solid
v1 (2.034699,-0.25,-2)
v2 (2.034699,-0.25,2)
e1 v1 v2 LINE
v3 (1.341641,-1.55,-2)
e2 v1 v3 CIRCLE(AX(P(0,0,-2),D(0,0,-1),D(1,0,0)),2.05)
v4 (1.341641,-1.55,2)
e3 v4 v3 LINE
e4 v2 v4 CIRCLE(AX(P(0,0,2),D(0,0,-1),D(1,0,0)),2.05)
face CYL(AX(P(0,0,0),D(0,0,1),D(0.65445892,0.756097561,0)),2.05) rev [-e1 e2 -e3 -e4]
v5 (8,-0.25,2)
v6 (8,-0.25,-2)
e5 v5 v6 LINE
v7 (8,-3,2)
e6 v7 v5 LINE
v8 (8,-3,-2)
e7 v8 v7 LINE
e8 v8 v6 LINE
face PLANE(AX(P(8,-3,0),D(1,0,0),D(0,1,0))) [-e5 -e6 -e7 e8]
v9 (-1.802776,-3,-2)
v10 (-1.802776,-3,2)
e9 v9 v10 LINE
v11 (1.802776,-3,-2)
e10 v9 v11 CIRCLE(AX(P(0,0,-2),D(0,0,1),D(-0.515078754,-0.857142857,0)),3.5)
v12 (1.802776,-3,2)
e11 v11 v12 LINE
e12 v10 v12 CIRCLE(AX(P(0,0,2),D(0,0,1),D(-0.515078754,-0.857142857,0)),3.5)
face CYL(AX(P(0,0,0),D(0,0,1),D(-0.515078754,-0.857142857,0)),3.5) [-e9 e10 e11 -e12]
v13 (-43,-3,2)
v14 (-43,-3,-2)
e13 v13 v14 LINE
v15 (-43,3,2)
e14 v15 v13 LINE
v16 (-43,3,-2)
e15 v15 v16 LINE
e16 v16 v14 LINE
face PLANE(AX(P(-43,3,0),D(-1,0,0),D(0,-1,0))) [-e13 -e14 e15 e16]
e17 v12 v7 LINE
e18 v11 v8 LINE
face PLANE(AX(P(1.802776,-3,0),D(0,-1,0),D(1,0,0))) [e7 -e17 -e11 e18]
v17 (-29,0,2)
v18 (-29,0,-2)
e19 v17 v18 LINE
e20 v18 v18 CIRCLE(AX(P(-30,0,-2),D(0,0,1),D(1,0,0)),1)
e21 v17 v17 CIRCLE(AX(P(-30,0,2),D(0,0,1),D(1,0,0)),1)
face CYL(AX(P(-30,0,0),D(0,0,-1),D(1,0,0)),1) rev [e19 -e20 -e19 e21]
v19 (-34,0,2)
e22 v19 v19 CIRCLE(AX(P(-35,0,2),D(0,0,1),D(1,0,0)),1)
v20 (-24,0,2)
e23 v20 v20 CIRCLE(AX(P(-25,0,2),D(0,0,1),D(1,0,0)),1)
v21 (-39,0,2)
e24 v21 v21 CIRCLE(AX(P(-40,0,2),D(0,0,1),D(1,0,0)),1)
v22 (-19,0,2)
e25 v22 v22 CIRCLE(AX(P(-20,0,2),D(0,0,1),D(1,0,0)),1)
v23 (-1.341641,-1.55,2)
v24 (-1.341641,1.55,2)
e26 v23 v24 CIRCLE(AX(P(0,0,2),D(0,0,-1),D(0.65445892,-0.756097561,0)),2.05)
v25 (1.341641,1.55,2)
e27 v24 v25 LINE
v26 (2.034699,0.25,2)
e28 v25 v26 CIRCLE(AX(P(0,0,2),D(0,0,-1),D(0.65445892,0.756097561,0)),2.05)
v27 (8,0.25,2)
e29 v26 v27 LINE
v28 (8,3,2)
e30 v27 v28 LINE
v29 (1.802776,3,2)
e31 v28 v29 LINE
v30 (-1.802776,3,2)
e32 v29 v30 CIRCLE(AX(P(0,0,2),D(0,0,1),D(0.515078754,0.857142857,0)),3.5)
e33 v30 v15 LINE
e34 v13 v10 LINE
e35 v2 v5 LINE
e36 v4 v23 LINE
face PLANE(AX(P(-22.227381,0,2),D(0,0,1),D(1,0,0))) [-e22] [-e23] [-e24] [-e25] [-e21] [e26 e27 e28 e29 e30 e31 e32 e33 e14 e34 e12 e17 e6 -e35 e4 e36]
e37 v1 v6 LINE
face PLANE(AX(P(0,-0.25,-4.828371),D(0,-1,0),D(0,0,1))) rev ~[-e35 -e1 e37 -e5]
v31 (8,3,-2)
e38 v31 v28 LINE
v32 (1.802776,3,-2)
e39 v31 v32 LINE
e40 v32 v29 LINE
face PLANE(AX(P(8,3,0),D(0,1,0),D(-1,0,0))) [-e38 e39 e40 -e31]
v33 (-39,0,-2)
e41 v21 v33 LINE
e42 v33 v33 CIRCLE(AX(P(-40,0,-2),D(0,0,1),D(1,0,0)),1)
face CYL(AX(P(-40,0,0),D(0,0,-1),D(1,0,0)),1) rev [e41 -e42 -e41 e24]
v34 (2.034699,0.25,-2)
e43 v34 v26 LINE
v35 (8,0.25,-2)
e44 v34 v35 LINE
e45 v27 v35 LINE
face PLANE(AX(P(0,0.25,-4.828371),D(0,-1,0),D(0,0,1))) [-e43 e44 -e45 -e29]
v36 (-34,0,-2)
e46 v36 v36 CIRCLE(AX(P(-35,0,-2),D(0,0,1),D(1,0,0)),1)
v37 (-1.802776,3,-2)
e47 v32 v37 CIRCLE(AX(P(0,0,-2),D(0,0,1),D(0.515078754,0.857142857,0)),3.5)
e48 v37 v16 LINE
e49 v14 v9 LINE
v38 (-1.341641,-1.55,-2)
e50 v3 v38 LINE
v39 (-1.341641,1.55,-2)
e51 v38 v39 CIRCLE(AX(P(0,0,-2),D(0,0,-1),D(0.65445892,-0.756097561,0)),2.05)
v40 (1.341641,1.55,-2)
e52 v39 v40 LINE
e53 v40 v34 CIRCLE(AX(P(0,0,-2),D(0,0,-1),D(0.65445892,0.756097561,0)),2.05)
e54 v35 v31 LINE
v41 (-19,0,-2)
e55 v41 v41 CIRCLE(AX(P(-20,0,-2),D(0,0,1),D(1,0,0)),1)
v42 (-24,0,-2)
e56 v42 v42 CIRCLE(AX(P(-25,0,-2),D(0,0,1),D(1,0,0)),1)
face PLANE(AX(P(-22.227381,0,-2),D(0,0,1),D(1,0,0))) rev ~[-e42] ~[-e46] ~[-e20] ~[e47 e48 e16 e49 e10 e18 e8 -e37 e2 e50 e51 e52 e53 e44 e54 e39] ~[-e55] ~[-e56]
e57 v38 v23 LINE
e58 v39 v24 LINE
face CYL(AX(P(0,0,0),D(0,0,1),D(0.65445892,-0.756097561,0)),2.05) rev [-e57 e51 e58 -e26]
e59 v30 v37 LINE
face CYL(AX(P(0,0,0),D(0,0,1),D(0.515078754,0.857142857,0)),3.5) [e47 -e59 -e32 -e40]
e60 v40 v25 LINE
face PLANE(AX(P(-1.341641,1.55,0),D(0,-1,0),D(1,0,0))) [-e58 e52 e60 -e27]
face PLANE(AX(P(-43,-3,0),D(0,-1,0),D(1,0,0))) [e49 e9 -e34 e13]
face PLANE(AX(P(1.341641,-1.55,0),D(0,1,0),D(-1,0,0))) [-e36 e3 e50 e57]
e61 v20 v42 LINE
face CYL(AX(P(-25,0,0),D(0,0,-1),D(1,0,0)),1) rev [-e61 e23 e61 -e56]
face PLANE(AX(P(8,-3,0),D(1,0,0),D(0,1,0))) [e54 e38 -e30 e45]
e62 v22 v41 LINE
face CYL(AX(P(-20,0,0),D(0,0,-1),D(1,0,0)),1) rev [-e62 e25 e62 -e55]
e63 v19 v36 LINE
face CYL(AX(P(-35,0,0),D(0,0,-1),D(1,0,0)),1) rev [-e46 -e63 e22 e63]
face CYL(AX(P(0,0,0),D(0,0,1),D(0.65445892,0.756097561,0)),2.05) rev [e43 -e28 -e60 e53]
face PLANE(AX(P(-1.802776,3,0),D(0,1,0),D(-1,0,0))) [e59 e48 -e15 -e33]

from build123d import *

# Parameters (mm, degrees)
F0_R     = 1
F1_DEPTH = 2
F2_W     = 0.5
F2_H     = 9.6567419327
F3_DEPTH = 25


with BuildPart() as f1:
    # F0 (on Top) → F1 (new body, symmetric)
    with BuildSketch(Plane.XY):
        with BuildLine():
            Line((-43, -3), (-1.8027756377, -3))
            ThreePointArc((-1.8027756377, -3), (-2.574610741, -2.3709448607), (-3.1380726569, -1.55))
            ThreePointArc((-3.1380726569, -1.55), (-3.5, 0), (-3.1380726569, 1.55))
            ThreePointArc((-3.1380726569, 1.55), (-2.574610741, 2.3709448607), (-1.8027756377, 3))
            Line((-1.8027756377, 3), (-43, 3))
            Line((-43, 3), (-43, -3))
        make_face()
        with Locations((-40, 0)):
            Circle(F0_R, mode=Mode.SUBTRACT)
        with Locations((-35, 0)):
            Circle(F0_R, mode=Mode.SUBTRACT)
        with Locations((-30, 0)):
            Circle(F0_R, mode=Mode.SUBTRACT)
        with Locations((-25, 0)):
            Circle(F0_R, mode=Mode.SUBTRACT)
        with Locations((-20, 0)):
            Circle(F0_R, mode=Mode.SUBTRACT)
        with BuildLine():
            Line((-3.1380726569, -1.55), (-1.3416407865, -1.55))
            ThreePointArc((-1.3416407865, -1.55), (-2.05, 0), (-1.3416407865, 1.55))
            Line((-1.3416407865, 1.55), (-3.1380726569, 1.55))
            ThreePointArc((-3.1380726569, 1.55), (-3.5, 0), (-3.1380726569, -1.55))
        make_face()
        with BuildLine():
            ThreePointArc((1.8027756377, -3), (2.574610741, -2.3709448607), (3.1380726569, -1.55))
            Line((3.1380726569, -1.55), (1.3416407865, -1.55))
            ThreePointArc((1.3416407865, -1.55), (0, -2.05), (-1.3416407865, -1.55))
            Line((-1.3416407865, -1.55), (-3.1380726569, -1.55))
            ThreePointArc((-3.1380726569, -1.55), (-2.574610741, -2.3709448607), (-1.8027756377, -3))
            Line((-1.8027756377, -3), (1.8027756377, -3))
        make_face()
        with BuildLine():
            Line((1.3416407865, 1.55), (3.1380726569, 1.55))
            ThreePointArc((3.1380726569, 1.55), (2.574610741, 2.3709448607), (1.8027756377, 3))
            Line((1.8027756377, 3), (-1.8027756377, 3))
            ThreePointArc((-1.8027756377, 3), (-2.574610741, 2.3709448607), (-3.1380726569, 1.55))
            Line((-3.1380726569, 1.55), (-1.3416407865, 1.55))
            ThreePointArc((-1.3416407865, 1.55), (0, 2.05), (1.3416407865, 1.55))
        make_face()
        with BuildLine():
            ThreePointArc((1.3416407865, 1.55), (0, 2.05), (-1.3416407865, 1.55))
            Line((-1.3416407865, 1.55), (1.3416407865, 1.55))
        make_face()
        with BuildLine():
            ThreePointArc((-1.3416407865, -1.55), (0, -2.05), (1.3416407865, -1.55))
            Line((1.3416407865, -1.55), (-1.3416407865, -1.55))
        make_face()
        with BuildLine():
            Line((1.3416407865, -1.55), (3.1380726569, -1.55))
            ThreePointArc((3.1380726569, -1.55), (3.4083173487, -0.7958472532), (3.5, 0))
            ThreePointArc((3.5, 0), (3.4083173487, 0.7958472532), (3.1380726569, 1.55))
            Line((3.1380726569, 1.55), (1.3416407865, 1.55))
            ThreePointArc((1.3416407865, 1.55), (1.864519189, 0.8520963524), (2.05, 0))
            ThreePointArc((2.05, 0), (1.864519189, -0.8520963524), (1.3416407865, -1.55))
        make_face()
        with BuildLine():
            ThreePointArc((3.5, 0), (3.4083173487, -0.7958472532), (3.1380726569, -1.55))
            ThreePointArc((3.1380726569, -1.55), (2.574610741, -2.3709448607), (1.8027756377, -3))
            Line((1.8027756377, -3), (8, -3))
            Line((8, -3), (8, 3))
            Line((8, 3), (1.8027756377, 3))
            ThreePointArc((1.8027756377, 3), (2.574610741, 2.3709448607), (3.1380726569, 1.55))
            ThreePointArc((3.1380726569, 1.55), (3.4083173487, 0.7958472532), (3.5, 0))
        make_face()
        with BuildLine():
            ThreePointArc((-1.8027756377, -3), (0, -3.5), (1.8027756377, -3))
            Line((1.8027756377, -3), (-1.8027756377, -3))
        make_face()
        with BuildLine():
            Line((-1.8027756377, 3), (1.8027756377, 3))
            ThreePointArc((1.8027756377, 3), (0, 3.5), (-1.8027756377, 3))
        make_face()
    extrude(amount=F1_DEPTH, both=True)

    # F2 (on Right) → F3 (cut)
    with BuildSketch(Plane.YZ):
        Rectangle(F2_W, F2_H)
    extrude(amount=F3_DEPTH, mode=Mode.SUBTRACT)


solid = f1.part
